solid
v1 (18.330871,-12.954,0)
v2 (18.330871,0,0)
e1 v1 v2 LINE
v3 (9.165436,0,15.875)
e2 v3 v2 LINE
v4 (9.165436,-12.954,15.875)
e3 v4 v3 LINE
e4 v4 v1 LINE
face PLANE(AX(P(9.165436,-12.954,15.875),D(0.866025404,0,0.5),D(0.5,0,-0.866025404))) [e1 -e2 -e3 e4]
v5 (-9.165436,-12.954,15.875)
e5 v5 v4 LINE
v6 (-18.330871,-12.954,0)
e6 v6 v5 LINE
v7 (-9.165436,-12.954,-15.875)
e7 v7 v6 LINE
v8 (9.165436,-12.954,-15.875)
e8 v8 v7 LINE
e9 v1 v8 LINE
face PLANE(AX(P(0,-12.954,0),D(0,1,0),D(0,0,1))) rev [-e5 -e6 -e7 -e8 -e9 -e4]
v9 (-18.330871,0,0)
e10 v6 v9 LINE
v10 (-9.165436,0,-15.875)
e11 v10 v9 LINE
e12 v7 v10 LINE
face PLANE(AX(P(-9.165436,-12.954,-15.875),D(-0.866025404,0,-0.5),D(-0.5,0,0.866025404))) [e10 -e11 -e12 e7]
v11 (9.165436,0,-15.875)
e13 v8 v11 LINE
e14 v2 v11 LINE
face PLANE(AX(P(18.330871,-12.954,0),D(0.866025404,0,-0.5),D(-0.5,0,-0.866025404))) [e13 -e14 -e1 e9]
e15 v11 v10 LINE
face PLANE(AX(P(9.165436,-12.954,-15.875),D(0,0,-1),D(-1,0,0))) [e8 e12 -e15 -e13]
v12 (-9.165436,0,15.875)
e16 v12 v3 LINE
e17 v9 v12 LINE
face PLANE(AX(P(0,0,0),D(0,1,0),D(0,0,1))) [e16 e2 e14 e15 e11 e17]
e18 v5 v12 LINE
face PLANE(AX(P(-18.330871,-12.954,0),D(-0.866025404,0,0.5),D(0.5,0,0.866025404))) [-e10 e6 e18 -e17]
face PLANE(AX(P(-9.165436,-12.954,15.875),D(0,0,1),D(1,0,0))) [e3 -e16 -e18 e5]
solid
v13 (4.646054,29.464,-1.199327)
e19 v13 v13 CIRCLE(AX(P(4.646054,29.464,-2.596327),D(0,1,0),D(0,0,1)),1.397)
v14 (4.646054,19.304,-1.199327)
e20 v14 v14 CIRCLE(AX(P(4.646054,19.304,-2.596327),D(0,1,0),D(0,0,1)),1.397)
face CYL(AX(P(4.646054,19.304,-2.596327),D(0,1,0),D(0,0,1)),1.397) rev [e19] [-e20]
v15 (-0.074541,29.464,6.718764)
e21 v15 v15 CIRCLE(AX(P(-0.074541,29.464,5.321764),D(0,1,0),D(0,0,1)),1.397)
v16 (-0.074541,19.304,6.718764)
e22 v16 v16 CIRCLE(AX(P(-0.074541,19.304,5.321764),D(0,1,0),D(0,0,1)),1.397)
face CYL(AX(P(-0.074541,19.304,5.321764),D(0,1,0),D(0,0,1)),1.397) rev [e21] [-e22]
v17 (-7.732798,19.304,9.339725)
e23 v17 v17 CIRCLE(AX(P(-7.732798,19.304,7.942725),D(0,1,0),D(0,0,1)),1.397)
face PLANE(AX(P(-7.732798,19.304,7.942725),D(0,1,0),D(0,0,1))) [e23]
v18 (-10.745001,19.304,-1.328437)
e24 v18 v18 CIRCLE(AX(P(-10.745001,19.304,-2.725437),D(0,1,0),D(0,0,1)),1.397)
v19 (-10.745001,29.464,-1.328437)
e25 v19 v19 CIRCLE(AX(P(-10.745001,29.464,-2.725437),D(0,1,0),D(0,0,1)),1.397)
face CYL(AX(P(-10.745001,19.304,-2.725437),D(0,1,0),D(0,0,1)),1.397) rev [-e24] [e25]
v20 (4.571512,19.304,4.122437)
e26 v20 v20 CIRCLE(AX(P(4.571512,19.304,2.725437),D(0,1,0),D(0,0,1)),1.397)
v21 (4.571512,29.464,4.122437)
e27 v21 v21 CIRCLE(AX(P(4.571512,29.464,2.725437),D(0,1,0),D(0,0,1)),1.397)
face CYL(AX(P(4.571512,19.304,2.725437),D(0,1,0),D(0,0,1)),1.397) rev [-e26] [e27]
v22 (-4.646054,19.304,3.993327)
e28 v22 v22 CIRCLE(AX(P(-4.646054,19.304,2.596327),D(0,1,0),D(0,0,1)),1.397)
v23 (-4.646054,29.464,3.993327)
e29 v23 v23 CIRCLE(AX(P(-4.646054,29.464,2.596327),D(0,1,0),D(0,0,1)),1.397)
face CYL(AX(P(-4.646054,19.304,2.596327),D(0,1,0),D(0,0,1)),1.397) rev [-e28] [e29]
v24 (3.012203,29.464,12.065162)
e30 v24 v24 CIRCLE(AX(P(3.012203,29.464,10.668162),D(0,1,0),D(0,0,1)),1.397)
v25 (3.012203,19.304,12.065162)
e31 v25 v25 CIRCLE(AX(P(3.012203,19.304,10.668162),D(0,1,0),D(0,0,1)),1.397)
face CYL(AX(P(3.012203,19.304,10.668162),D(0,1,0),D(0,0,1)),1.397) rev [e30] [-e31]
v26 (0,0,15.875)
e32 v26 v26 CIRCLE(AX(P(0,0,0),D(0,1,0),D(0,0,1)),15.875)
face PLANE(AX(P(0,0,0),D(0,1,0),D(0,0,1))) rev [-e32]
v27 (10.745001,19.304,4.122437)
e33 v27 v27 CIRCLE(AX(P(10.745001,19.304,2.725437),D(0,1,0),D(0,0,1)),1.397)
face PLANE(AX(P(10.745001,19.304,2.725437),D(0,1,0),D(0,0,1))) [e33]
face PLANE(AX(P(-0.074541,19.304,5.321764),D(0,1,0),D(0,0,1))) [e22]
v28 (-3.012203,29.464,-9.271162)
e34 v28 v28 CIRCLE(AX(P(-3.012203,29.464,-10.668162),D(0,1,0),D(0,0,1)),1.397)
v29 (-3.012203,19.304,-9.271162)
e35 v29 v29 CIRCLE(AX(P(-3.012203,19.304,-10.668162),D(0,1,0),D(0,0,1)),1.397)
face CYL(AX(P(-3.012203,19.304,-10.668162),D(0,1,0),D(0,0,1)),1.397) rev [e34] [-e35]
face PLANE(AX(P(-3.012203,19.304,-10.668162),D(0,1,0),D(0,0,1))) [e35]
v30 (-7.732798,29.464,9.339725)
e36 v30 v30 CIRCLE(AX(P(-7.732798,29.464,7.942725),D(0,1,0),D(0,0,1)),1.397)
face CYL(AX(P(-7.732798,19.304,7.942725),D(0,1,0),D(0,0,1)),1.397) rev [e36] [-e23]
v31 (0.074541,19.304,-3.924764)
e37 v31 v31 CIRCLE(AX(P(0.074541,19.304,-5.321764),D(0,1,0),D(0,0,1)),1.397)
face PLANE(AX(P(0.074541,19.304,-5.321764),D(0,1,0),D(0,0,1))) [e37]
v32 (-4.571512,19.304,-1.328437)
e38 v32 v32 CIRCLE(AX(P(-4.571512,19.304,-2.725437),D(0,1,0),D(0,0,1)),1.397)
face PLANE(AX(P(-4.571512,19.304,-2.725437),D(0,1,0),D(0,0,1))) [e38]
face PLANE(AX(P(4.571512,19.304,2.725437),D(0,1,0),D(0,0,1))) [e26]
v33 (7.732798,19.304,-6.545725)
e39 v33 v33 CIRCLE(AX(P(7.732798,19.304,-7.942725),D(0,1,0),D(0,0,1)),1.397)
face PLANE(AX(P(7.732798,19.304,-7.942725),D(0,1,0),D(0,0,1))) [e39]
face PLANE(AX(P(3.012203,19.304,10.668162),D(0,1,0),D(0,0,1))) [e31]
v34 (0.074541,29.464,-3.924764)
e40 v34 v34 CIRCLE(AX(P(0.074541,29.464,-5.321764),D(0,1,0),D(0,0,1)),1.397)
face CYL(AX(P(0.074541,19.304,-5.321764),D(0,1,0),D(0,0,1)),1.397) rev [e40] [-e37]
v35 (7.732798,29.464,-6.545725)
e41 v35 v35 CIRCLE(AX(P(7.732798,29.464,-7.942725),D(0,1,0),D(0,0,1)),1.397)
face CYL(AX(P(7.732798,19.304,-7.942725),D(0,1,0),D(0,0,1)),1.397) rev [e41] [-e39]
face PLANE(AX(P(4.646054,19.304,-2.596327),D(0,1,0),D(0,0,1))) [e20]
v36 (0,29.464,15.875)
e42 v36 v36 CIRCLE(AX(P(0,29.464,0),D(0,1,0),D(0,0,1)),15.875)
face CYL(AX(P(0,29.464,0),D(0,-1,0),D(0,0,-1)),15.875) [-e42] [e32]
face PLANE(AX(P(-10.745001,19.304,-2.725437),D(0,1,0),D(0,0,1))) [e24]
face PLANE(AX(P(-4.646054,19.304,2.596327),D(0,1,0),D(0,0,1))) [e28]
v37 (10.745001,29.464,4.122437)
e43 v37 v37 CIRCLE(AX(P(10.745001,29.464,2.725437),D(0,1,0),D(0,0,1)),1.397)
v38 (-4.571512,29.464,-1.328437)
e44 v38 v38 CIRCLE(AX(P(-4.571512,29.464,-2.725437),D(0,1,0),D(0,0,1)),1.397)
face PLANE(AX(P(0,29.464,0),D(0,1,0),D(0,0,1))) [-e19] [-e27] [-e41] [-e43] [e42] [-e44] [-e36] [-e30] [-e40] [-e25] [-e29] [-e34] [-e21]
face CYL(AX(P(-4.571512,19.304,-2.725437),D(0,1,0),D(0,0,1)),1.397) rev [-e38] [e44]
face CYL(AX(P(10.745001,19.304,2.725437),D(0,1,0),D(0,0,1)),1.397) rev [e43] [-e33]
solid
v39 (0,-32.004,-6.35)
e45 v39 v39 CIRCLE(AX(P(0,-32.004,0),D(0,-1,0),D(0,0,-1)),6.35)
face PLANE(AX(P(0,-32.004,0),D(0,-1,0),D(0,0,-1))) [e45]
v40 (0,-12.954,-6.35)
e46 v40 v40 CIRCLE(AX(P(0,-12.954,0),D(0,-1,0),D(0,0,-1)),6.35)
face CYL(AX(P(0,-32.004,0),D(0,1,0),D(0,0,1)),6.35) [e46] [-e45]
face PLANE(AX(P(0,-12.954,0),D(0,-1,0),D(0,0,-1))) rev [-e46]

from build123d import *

# Parameters (mm, degrees)
SKETCH1_R                  = 15.875
NEOPRENE_BODY_DEPTH        = 29.464
ALUMINUM_BRONZE_BODY_DEPTH = 12.954
SKETCH3_R                  = 6.35
F_1_2_20_UNF_2A_DEPTH      = 19.05
SKETCH4_R                  = 1.397
CUT_EXTRUDE1_DEPTH         = 10.16


with BuildPart() as part:
    # Sketch1 → Neoprene Body (new body)
    with BuildSketch(Plane(origin=(0, 0, 0), x_dir=(1, 0, 0), z_dir=(0, 1, 0))):
        Circle(SKETCH1_R)
    extrude(amount=NEOPRENE_BODY_DEPTH)

    # Sketch4 → Cut-Extrude1 (cut)
    with BuildSketch(Plane(origin=(0, 29.464, 0), x_dir=(1, 0, 0), z_dir=(0, 1, 0))):
        with Locations((10.745000968, -2.725436897)):
            Circle(SKETCH4_R)
        with Locations((4.571512411, -2.725436897)):
            Circle(SKETCH4_R)
        with Locations((3.012202894, -10.668162251)):
            Circle(SKETCH4_R)
        with Locations((-0.074541384, -5.321764331)):
            Circle(SKETCH4_R)
        with Locations((-7.732798074, -7.942725353)):
            Circle(SKETCH4_R)
        with Locations((-4.646053795, -2.596327433)):
            Circle(SKETCH4_R)
        with Locations((-10.745000968, 2.725436897)):
            Circle(SKETCH4_R)
        with Locations((-4.571512411, 2.725436897)):
            Circle(SKETCH4_R)
        with Locations((-3.012202894, 10.668162251)):
            Circle(SKETCH4_R)
        with Locations((0.074541384, 5.321764331)):
            Circle(SKETCH4_R)
        with Locations((7.732798074, 7.942725353)):
            Circle(SKETCH4_R)
        with Locations((4.646053795, 2.596327433)):
            Circle(SKETCH4_R)
    extrude(amount=-CUT_EXTRUDE1_DEPTH, mode=Mode.SUBTRACT)


with BuildPart() as body_2:
    # Sketch2 → Aluminum Bronze Body (new body)
    with BuildSketch(Plane.XZ):
        Polygon((-9.165435523, 15.875), (9.165435523, 15.875), (18.330871047, 0), (9.165435523, -15.875), (-9.165435523, -15.875), (-18.330871047, 0), align=None)
    extrude(amount=ALUMINUM_BRONZE_BODY_DEPTH)


with BuildPart() as body_3:
    # Sketch3 → 1_2-20 UNF 2A (new body)
    with BuildSketch(Plane(origin=(0, -12.954, 0), x_dir=(-1, 0, 0), z_dir=(0, -1, 0))):
        Circle(SKETCH3_R)
    extrude(amount=F_1_2_20_UNF_2A_DEPTH)


solid = Compound([part.part, body_2.part, body_3.part])
